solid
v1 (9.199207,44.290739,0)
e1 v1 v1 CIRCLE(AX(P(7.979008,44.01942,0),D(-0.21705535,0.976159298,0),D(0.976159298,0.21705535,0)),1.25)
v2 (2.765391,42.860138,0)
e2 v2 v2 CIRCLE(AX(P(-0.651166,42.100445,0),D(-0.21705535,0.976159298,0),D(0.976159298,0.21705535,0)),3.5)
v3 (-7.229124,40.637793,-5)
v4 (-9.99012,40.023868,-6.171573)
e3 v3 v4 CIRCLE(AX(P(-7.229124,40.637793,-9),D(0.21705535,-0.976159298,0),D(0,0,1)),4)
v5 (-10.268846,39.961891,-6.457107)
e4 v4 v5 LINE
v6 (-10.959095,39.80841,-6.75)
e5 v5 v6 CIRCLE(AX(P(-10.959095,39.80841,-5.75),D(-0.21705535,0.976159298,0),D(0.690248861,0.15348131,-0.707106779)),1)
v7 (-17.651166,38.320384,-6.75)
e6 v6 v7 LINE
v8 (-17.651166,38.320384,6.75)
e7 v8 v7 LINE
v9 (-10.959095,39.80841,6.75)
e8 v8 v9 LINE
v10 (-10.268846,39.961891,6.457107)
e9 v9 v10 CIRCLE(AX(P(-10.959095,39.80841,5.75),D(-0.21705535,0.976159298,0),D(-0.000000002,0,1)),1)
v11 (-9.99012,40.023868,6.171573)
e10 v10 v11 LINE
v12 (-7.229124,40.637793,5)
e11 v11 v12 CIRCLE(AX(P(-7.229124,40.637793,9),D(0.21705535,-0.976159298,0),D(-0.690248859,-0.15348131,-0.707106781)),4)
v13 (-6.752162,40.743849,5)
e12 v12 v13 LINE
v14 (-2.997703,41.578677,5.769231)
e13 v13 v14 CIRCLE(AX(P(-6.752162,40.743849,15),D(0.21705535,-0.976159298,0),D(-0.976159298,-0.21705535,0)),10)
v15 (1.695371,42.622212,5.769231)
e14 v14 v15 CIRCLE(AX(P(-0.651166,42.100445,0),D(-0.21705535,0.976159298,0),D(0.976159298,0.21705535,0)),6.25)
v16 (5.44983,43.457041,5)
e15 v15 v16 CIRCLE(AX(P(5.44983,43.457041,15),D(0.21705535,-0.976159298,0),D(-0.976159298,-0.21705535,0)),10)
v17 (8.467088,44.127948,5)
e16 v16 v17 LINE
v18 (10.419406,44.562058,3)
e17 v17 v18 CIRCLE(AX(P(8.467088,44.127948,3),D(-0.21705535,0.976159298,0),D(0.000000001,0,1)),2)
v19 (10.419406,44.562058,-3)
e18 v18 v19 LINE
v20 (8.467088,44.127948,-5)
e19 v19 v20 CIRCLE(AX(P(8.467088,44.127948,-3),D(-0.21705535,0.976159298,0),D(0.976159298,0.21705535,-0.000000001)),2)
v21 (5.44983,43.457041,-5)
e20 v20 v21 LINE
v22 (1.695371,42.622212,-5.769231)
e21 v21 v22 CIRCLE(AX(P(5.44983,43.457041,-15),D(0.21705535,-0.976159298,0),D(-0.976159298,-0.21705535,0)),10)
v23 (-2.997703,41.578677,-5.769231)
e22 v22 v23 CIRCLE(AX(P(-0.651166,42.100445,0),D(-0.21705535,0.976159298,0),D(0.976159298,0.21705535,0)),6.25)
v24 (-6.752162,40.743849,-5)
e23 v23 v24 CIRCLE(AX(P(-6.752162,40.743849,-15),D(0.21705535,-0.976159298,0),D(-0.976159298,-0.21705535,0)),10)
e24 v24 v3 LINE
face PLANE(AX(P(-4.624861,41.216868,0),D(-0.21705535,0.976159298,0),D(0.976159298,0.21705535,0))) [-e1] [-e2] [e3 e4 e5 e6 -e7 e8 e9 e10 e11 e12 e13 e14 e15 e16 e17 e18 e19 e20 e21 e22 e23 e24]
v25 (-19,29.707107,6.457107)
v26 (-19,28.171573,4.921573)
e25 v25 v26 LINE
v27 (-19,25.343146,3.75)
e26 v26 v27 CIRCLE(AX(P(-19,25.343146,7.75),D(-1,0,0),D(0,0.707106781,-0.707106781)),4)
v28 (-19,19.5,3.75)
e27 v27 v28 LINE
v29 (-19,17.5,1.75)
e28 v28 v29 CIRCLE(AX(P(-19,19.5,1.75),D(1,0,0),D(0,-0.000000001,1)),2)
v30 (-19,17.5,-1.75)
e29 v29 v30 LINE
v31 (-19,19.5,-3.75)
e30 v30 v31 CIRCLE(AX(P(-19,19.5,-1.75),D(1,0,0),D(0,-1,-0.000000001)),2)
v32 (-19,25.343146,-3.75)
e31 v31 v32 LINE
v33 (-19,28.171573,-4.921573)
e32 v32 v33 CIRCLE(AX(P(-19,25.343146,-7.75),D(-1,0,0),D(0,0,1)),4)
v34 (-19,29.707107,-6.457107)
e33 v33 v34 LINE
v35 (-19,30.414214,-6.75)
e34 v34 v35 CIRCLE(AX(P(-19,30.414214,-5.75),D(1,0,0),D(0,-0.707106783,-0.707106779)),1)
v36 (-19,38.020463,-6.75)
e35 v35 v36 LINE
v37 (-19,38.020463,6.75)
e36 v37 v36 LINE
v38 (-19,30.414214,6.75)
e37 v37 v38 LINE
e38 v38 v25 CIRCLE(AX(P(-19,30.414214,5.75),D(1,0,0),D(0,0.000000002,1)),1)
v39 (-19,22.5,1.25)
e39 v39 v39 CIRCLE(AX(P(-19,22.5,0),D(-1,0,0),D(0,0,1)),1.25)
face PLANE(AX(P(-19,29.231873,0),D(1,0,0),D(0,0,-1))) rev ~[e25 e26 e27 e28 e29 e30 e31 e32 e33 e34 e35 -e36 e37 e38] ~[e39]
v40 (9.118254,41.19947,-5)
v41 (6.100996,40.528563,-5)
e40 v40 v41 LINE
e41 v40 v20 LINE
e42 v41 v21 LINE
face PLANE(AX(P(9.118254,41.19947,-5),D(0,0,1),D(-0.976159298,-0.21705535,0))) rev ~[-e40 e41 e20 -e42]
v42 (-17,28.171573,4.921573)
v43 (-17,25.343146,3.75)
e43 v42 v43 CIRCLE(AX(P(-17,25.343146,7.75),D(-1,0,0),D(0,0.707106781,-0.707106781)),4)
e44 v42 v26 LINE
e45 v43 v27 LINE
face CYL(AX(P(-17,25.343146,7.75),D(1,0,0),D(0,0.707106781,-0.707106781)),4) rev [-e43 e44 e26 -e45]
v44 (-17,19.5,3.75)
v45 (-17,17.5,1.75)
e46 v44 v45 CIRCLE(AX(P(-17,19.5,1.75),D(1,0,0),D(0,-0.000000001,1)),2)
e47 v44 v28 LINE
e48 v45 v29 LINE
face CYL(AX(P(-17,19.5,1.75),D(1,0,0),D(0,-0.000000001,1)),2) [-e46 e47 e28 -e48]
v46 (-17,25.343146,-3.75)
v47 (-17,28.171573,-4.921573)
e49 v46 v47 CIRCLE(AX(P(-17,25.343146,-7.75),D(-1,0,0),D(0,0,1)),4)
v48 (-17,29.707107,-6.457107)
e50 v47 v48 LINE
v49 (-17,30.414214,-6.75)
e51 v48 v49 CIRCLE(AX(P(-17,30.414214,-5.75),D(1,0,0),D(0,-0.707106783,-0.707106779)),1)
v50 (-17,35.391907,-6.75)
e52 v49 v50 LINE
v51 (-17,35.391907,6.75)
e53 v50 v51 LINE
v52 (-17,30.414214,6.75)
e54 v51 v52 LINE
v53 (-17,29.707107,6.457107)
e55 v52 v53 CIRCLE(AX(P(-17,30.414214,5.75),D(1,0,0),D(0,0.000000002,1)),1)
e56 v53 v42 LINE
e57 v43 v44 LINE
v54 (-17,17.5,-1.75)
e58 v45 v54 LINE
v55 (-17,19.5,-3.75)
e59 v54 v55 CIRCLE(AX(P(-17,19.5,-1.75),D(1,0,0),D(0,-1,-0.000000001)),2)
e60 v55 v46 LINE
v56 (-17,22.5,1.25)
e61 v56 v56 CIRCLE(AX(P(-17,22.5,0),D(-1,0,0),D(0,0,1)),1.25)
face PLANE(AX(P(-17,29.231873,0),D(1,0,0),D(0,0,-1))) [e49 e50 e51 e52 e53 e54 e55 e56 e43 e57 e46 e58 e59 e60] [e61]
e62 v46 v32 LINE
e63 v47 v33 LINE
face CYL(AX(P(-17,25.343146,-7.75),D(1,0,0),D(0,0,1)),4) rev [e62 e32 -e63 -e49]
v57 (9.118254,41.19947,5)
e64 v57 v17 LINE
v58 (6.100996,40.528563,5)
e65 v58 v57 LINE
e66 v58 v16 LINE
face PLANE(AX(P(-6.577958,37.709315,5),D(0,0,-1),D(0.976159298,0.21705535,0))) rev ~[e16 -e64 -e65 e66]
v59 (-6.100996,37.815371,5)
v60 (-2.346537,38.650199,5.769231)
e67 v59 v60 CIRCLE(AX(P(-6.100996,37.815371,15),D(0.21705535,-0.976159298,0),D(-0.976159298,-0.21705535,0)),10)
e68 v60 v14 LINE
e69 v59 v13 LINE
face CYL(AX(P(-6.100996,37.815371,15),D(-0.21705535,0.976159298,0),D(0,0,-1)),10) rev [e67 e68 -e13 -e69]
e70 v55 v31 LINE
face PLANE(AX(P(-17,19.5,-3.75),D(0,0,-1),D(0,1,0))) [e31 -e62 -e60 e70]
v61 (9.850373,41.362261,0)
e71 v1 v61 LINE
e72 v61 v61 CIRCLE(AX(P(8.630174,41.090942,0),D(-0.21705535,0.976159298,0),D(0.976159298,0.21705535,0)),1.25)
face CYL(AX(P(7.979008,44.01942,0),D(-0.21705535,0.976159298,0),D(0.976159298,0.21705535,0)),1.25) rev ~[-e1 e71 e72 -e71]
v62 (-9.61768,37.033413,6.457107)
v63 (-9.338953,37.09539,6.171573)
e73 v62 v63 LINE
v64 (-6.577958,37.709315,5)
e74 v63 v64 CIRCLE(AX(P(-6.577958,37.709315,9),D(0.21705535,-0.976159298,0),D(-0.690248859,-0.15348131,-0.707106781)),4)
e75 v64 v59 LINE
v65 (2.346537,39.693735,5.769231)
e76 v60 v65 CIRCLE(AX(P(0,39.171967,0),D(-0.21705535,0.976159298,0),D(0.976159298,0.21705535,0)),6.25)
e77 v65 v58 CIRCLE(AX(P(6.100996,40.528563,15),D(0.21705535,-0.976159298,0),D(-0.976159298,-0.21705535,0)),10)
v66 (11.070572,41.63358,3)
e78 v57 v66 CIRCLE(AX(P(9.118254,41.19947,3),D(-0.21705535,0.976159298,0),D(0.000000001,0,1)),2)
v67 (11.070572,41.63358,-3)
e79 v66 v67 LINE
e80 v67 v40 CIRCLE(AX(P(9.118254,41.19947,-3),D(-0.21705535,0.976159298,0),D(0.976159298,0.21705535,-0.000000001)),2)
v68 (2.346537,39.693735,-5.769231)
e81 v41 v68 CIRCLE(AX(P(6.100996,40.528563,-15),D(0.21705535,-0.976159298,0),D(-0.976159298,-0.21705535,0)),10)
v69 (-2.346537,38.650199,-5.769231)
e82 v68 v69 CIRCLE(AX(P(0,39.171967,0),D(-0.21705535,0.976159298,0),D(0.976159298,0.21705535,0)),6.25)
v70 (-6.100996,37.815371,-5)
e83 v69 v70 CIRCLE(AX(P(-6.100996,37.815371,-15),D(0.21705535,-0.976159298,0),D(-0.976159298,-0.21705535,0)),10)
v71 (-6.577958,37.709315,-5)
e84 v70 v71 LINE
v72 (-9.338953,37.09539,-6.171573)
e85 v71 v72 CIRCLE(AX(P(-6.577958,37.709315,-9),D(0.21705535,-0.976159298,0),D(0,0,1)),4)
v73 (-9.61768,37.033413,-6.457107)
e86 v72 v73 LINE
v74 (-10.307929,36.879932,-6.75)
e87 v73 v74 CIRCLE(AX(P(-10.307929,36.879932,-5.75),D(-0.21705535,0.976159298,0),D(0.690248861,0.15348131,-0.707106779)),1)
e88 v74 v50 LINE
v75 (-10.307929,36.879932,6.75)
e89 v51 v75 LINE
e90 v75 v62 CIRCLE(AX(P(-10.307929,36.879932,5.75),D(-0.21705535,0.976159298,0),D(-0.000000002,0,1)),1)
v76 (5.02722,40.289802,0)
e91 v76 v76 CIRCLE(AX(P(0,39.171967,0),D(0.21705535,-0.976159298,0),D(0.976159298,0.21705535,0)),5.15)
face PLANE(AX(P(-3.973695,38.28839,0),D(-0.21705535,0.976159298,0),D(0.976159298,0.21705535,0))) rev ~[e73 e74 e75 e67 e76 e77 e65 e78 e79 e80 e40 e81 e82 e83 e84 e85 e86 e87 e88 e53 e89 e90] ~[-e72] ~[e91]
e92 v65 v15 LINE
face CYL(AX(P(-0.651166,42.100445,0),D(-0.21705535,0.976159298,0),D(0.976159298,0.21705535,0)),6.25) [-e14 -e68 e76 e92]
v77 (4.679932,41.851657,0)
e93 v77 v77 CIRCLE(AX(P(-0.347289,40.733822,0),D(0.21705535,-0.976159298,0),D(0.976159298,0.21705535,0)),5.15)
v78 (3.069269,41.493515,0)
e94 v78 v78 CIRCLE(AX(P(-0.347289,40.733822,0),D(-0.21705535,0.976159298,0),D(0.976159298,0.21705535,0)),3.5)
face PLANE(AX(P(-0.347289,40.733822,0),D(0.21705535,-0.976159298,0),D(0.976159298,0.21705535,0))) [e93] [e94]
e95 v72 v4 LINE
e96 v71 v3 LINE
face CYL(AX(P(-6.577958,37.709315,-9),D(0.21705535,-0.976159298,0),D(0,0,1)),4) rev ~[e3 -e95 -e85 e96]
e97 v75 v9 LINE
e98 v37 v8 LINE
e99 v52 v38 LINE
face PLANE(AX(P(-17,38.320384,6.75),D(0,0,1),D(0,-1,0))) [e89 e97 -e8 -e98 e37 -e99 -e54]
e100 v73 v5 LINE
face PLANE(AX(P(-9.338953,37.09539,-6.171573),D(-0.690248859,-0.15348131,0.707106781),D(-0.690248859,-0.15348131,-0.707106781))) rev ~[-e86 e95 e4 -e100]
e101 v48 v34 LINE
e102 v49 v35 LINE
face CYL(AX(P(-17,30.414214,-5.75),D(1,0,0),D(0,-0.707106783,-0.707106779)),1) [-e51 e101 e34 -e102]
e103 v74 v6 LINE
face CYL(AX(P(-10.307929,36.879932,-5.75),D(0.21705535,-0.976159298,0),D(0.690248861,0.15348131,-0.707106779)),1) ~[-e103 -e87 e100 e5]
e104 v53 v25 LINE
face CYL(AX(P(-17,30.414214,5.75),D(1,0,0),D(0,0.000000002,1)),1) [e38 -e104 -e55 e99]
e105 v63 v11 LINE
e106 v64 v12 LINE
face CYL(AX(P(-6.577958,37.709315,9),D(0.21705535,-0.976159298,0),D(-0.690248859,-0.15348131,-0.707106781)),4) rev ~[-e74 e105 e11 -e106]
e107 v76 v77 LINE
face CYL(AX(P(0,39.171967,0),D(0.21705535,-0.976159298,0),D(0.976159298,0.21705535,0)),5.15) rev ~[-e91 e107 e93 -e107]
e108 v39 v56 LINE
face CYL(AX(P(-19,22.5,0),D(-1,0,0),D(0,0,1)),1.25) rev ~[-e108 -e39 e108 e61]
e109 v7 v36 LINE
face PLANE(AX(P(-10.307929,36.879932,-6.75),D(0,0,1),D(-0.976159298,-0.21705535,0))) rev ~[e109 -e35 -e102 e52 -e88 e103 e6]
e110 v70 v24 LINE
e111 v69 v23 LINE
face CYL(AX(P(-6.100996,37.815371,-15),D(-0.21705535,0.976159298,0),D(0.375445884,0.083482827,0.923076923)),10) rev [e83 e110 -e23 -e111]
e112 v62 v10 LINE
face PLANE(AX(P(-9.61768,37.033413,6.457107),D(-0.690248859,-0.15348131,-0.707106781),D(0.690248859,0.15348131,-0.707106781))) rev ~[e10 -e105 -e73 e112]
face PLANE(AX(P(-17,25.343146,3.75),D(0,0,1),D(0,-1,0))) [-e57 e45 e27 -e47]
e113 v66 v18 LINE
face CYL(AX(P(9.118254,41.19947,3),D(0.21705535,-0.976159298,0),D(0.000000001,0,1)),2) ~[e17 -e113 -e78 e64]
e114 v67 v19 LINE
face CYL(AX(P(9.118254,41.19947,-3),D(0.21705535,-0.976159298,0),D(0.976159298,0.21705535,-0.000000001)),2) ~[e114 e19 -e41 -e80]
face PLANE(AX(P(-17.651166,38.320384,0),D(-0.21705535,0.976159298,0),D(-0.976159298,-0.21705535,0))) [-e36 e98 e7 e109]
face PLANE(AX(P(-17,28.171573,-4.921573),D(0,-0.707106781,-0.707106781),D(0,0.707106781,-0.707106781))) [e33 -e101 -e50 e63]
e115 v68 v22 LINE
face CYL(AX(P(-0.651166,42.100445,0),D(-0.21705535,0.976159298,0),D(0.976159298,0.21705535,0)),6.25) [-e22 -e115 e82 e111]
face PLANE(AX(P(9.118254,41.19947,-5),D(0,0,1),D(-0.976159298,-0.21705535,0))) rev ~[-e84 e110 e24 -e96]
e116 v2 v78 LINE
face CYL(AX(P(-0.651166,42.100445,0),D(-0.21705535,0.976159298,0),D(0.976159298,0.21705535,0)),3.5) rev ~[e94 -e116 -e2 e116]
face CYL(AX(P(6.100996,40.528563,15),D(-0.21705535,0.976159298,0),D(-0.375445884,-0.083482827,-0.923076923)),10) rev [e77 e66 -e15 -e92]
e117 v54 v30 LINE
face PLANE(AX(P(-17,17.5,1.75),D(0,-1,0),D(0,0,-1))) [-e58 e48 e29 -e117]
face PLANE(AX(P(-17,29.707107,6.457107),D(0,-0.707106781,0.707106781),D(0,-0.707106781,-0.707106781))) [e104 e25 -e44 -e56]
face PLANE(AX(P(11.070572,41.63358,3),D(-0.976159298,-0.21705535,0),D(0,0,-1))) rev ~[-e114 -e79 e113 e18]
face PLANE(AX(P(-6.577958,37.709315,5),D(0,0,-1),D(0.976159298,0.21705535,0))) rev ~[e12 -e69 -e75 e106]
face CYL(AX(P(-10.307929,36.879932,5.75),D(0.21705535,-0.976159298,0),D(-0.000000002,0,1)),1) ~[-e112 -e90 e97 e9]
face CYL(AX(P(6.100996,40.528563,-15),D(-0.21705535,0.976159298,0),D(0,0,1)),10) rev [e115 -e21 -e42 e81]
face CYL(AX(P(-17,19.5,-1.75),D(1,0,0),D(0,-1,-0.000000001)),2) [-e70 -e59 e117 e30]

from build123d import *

# Parameters (mm, degrees)
BOSS_EXTRUDE1_DEPTH     = 3
BOSS_EXTRUDE2_DEPTH     = 2
CUT_EXTRUDE1_DEPTH      = 7.75
CUT_EXTRUDE1_DEPTH_BACK = 7.75
SKETCH5_R               = 1.25
CUT_EXTRUDE2_DEPTH      = 31.070572477
SKETCH6_R               = 1.25
CUT_EXTRUDE3_DEPTH      = 27.558218913
SKETCH7_R               = 3.5
CUT_EXTRUDE4_DEPTH      = 27.558218913
SKETCH10_R              = 6.25
SKETCH10_R_2            = 3.5
BOSS_EXTRUDE3_DEPTH     = 3
SKETCH8_R               = 5.15
CUT_EXTRUDE5_DEPTH      = 1.6
FILLET1_R               = 10


with BuildPart() as part:
    # Sketch2 → Boss-Extrude1 (new body)
    with BuildSketch(Plane(origin=(-8.299779748, 37.326456989, 0), x_dir=(0.976159298, 0.21705535, 0), z_dir=(-0.21705535, 0.976159298, 0))):
        with BuildLine():
            Line((-4.14298056, 6.75), (-8.912705405, 6.75))
            Line((-8.912705405, 6.75), (-8.912705405, -6.75))
            Line((-8.912705405, -6.75), (-4.14298056, -6.75))
            Line((-4.14298056, -6.75), (-3.64298056, -6.75))
            Line((-3.64298056, -6.75), (-2.057194122, -6.75))
            ThreePointArc((-2.057194122, -6.75), (-1.67451069, -6.673879533), (-1.350087341, -6.457106781))
            Line((-1.350087341, -6.457106781), (-1.064553435, -6.171572875))
            ThreePointArc((-1.064553435, -6.171572875), (0.23313996, -5.30448187), (1.76387369, -5))
            Line((1.76387369, -5), (14.343433612, -5))
            Line((14.343433612, -5), (14.843433612, -5))
            Line((14.843433612, -5), (17.843433612, -5))
            ThreePointArc((17.843433612, -5), (19.257647174, -4.414213562), (19.843433612, -3))
            Line((19.843433612, -3), (19.843433612, 3))
            ThreePointArc((19.843433612, 3), (19.257647174, 4.414213562), (17.843433612, 5))
            Line((17.843433612, 5), (14.843433612, 5))
            Line((14.843433612, 5), (14.343433612, 5))
            Line((14.343433612, 5), (1.76387369, 5))
            ThreePointArc((1.76387369, 5), (0.23313996, 5.30448187), (-1.064553435, 6.171572875))
            Line((-1.064553435, 6.171572875), (-1.350087341, 6.457106781))
            ThreePointArc((-1.350087341, 6.457106781), (-1.67451069, 6.673879533), (-2.057194122, 6.75))
            Line((-2.057194122, 6.75), (-3.64298056, 6.75))
            Line((-3.64298056, 6.75), (-4.14298056, 6.75))
        make_face()
    extrude(amount=BOSS_EXTRUDE1_DEPTH)

    # Sketch3 → Boss-Extrude2 (add)
    with BuildSketch(Plane.ZY.offset(17)):
        with BuildLine():
            Line((-6.75, 35.391906601), (-6.75, 38.320384496))
            Line((-6.75, 38.320384496), (6.75, 38.320384496))
            Line((6.75, 38.320384496), (6.75, 35.391906601))
            Line((6.75, 35.391906601), (6.75, 30.414213562))
            ThreePointArc((6.75, 30.414213562), (6.673879533, 30.03153013), (6.457106781, 29.707106781))
            Line((6.457106781, 29.707106781), (4.921572875, 28.171572875))
            ThreePointArc((4.921572875, 28.171572875), (4.05448187, 26.87387948), (3.75, 25.343145751))
            Line((3.75, 25.343145751), (3.75, 20.3))
            Line((3.75, 20.3), (3.75, 19.8))
            Line((3.75, 19.8), (3.75, 19.5))
            ThreePointArc((3.75, 19.5), (3.164213562, 18.085786438), (1.75, 17.5))
            Line((1.75, 17.5), (-1.75, 17.5))
            ThreePointArc((-1.75, 17.5), (-3.164213562, 18.085786438), (-3.75, 19.5))
            Line((-3.75, 19.5), (-3.75, 19.8))
            Line((-3.75, 19.8), (-3.75, 20.3))
            Line((-3.75, 20.3), (-3.75, 25.343145751))
            ThreePointArc((-3.75, 25.343145751), (-4.05448187, 26.87387948), (-4.921572875, 28.171572875))
            Line((-4.921572875, 28.171572875), (-6.457106781, 29.707106781))
            ThreePointArc((-6.457106781, 29.707106781), (-6.673879533, 30.03153013), (-6.75, 30.414213562))
            Line((-6.75, 30.414213562), (-6.75, 35.391906601))
        make_face()
    extrude(amount=BOSS_EXTRUDE2_DEPTH)

    # Sketch4 → Cut-Extrude1 (cut, two sides)
    with BuildSketch(Plane.XY) as cut_extrude1_sk:
        Polygon((-17.651166049, 38.320384496), (-19, 38.02046252), (-19, 38.320384496), align=None)
    extrude(amount=CUT_EXTRUDE1_DEPTH, mode=Mode.SUBTRACT)
    extrude(cut_extrude1_sk.sketch, amount=-CUT_EXTRUDE1_DEPTH_BACK, mode=Mode.SUBTRACT)

    # Sketch5 → Cut-Extrude2 (cut, through all)
    with BuildSketch(Plane.ZY.offset(19)):
        with Locations((0, 22.5)):
            Circle(SKETCH5_R)
    extrude(amount=-CUT_EXTRUDE2_DEPTH, mode=Mode.SUBTRACT)

    # Sketch6 → Cut-Extrude3 (cut, through all)
    with BuildSketch(Plane(origin=(-8.950945797, 40.254934884, 0), x_dir=(0.976159298, 0.21705535, 0), z_dir=(-0.21705535, 0.976159298, 0))):
        with Locations((17.343433612, 0)):
            Circle(SKETCH6_R)
    extrude(amount=-CUT_EXTRUDE3_DEPTH, mode=Mode.SUBTRACT)

    # Sketch7 → Cut-Extrude4 (cut, through all)
    with BuildSketch(Plane(origin=(-8.950945797, 40.254934884, 0), x_dir=(0.976159298, 0.21705535, 0), z_dir=(-0.21705535, 0.976159298, 0))):
        with Locations((8.502484958, 0)):
            Circle(SKETCH7_R)
    extrude(amount=-CUT_EXTRUDE4_DEPTH, mode=Mode.SUBTRACT)

    # Sketch10 → Boss-Extrude3 (add)
    with BuildSketch(Plane(origin=(-8.950945797, 40.254934884, 0), x_dir=(0.976159298, 0.21705535, 0), z_dir=(-0.21705535, 0.976159298, 0))):
        with Locations((8.502484958, 0)):
            Circle(SKETCH10_R)
        with Locations((8.502484958, 0)):
            Circle(SKETCH10_R_2, mode=Mode.SUBTRACT)
    extrude(amount=-BOSS_EXTRUDE3_DEPTH)

    # Sketch8 → Cut-Extrude5 (cut)
    with BuildSketch(Plane(origin=(-8.299779748, 37.326456989, 0), x_dir=(0.976159298, 0.21705535, 0), z_dir=(0.21705535, -0.976159298, 0))):
        with Locations((8.502484958, 0)):
            Circle(SKETCH8_R)
    extrude(amount=-CUT_EXTRUDE5_DEPTH, mode=Mode.SUBTRACT)

    # Fillet1
    fillet1_edges = [part.edges().sort_by_distance(p)[0] for p in [
        (-3.986180392, 39.822248221, 5),
        (-3.986180392, 39.822248221, -5),
        (3.335014343, 41.450163343, 5),
        (3.335014343, 41.450163343, -5),
    ]]
    fillet(fillet1_edges, radius=FILLET1_R)


solid = part.part
